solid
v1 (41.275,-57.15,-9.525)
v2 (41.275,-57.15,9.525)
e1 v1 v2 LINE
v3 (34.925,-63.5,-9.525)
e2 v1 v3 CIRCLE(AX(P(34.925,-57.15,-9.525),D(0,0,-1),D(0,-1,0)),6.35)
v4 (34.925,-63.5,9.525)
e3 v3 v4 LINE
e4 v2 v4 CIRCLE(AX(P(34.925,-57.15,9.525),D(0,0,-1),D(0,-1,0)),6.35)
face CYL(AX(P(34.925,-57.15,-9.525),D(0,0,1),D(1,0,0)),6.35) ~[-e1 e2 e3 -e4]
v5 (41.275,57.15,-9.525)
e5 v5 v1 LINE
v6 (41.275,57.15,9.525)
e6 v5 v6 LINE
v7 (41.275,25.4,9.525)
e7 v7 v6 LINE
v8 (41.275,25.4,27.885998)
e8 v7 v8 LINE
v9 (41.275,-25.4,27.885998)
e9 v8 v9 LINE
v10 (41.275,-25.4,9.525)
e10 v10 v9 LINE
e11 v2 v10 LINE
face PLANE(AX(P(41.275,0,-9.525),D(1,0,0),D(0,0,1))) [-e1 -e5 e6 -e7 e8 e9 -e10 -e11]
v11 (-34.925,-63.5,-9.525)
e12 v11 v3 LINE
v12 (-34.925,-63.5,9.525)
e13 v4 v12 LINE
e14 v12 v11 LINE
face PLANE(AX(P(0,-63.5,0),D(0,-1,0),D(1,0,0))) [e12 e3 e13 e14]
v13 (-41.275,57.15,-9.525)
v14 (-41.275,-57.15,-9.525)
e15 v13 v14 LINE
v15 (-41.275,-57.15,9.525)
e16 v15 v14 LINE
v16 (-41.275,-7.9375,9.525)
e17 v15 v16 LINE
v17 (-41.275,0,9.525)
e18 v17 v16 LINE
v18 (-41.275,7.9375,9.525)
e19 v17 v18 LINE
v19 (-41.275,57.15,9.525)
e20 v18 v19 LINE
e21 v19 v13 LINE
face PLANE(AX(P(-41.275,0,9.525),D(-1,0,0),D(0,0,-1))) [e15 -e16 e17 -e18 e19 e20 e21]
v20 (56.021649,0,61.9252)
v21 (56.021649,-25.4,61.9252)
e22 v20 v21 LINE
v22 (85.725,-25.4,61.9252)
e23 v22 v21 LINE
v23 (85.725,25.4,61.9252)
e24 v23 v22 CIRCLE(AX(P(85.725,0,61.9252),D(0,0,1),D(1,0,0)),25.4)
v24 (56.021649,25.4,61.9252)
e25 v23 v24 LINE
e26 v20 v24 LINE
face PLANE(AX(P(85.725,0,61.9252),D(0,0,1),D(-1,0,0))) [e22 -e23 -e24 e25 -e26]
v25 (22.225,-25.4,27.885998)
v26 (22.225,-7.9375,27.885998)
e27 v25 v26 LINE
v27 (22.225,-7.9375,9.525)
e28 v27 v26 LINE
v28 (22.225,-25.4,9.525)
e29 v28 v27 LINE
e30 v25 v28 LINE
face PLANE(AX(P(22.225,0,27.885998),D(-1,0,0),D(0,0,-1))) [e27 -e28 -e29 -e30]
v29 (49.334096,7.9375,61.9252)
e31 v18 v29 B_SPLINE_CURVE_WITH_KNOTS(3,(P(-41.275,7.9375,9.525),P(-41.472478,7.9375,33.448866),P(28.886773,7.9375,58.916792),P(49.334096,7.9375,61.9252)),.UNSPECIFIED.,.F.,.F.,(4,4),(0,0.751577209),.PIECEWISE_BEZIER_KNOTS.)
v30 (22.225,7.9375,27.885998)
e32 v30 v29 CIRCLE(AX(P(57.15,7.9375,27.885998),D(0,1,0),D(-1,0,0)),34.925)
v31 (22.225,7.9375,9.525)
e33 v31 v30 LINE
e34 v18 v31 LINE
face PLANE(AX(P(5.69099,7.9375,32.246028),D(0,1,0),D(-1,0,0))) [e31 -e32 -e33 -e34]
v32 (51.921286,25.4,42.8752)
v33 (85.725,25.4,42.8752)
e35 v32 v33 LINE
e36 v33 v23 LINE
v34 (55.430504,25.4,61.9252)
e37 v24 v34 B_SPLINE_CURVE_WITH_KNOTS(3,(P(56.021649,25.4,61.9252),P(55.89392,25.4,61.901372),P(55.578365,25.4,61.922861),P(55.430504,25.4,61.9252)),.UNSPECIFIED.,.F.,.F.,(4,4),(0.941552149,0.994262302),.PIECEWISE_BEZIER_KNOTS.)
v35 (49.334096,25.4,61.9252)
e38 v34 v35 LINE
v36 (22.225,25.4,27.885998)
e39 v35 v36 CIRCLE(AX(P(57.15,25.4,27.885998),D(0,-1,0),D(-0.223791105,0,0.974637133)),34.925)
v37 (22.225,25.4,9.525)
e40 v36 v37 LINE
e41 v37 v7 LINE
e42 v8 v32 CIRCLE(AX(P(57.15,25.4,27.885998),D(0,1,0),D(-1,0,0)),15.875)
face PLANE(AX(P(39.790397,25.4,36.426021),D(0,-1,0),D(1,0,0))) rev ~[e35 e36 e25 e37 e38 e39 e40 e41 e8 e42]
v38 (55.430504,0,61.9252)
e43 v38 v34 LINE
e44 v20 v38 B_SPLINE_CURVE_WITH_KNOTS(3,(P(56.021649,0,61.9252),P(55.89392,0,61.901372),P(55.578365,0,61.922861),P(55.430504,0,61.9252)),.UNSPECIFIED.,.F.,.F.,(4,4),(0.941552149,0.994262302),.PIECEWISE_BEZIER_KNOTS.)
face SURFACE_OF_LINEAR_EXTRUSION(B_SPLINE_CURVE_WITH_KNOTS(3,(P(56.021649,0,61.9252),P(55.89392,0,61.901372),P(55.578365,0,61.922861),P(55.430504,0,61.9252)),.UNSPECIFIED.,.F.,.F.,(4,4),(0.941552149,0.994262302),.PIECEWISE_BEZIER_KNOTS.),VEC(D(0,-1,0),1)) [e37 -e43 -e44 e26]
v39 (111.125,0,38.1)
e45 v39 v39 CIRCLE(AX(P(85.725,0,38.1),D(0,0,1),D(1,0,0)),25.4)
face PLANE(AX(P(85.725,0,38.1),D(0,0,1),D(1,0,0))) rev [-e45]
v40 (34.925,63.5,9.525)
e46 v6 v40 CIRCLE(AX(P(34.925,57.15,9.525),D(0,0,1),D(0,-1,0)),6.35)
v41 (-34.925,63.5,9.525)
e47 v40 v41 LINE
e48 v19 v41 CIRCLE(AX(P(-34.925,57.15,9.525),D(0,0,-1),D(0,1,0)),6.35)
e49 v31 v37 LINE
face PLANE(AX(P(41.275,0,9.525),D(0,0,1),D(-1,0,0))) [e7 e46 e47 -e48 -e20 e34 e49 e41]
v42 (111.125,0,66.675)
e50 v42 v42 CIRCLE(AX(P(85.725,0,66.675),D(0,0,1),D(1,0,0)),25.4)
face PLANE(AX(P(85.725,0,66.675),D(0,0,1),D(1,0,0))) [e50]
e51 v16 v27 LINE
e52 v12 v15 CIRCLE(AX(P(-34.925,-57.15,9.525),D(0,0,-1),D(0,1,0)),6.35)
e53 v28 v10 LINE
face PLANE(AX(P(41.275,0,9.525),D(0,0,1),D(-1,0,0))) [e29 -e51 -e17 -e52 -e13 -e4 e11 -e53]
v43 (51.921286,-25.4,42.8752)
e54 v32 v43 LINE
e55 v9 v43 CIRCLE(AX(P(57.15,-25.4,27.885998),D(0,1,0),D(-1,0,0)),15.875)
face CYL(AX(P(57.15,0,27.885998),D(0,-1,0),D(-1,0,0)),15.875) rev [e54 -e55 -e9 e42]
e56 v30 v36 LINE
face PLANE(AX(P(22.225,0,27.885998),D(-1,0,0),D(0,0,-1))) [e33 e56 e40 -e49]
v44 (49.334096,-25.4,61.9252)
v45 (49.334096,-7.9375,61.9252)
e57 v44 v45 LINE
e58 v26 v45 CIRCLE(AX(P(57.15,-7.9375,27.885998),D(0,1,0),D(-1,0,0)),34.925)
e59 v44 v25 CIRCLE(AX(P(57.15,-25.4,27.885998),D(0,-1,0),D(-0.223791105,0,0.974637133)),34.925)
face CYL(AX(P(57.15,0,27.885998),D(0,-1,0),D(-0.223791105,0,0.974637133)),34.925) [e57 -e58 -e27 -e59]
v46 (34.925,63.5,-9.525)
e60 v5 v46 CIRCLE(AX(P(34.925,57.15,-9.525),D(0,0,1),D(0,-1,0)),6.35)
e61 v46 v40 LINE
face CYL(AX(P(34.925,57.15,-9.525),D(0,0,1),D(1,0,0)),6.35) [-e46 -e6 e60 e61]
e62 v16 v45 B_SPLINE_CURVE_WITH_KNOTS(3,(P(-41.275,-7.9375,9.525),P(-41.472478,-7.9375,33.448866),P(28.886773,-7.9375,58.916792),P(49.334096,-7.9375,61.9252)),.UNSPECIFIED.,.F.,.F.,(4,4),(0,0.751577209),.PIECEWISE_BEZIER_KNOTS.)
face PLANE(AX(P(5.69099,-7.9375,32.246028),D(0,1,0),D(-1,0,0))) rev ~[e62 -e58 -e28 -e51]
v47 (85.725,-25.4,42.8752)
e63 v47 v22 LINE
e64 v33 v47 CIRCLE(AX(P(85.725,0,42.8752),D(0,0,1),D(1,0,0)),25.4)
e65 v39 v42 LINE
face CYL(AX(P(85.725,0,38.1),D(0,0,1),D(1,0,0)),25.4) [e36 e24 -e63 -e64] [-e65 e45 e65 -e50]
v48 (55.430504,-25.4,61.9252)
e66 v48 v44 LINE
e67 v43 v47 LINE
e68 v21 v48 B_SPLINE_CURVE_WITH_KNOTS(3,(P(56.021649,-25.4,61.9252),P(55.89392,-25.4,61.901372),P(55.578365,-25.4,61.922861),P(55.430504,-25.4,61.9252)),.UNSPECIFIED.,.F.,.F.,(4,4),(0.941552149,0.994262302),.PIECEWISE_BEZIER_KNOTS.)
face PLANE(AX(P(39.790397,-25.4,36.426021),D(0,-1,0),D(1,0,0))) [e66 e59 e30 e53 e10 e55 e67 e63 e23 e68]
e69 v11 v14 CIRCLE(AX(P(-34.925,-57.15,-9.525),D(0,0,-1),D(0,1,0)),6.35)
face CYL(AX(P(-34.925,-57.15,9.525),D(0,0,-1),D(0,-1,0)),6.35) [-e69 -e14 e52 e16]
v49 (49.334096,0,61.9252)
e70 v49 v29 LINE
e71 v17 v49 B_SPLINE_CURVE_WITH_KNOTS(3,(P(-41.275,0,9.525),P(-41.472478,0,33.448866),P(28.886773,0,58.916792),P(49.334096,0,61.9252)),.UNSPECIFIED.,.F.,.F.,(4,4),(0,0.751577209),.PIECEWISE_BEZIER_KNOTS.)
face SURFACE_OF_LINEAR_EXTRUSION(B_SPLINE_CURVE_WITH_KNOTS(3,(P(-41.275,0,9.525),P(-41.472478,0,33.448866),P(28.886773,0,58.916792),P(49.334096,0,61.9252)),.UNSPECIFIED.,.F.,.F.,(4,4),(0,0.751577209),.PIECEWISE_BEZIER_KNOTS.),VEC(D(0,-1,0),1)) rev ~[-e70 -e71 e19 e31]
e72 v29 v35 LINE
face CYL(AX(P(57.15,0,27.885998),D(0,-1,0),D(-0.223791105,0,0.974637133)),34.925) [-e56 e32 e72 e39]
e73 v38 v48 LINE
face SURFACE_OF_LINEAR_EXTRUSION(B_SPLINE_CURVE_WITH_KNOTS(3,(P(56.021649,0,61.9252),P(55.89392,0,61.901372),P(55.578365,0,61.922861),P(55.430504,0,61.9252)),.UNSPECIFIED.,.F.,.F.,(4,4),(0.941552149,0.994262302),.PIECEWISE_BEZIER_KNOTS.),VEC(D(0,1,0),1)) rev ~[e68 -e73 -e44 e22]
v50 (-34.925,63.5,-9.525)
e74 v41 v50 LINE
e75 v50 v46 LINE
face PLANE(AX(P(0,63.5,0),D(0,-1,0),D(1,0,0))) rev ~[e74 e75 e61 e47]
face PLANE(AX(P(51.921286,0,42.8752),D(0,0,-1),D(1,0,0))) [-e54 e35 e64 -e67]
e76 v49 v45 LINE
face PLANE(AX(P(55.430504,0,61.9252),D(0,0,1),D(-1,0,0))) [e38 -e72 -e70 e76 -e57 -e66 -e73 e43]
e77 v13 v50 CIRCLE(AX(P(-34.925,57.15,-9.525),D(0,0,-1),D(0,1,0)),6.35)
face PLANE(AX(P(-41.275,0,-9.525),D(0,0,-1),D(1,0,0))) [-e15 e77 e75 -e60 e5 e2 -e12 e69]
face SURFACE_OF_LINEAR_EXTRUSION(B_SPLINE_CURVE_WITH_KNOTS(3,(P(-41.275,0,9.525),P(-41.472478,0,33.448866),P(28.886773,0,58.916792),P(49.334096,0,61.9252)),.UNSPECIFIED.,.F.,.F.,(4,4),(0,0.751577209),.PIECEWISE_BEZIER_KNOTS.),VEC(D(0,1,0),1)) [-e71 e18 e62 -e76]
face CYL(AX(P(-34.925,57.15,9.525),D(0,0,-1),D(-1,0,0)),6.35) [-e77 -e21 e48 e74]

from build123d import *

# Parameters (mm, degrees)
F1_DEPTH = 63.5
F0_W     = 25.4
F0_H     = 19.05
F2_DEPTH = 25.4
F3_DEPTH = 7.9375
F5_R     = 6.35


with BuildPart() as f1:
    # F0 (on Front) → F1 (new body, symmetric)
    with BuildSketch(Plane.XZ):
        Polygon((-41.275, 9.525), (-41.275, -9.525), (41.275, -9.525), (41.275, 9.525), (22.225, 9.525), align=None)
    extrude(amount=F1_DEPTH, both=True)

    # F0 (on Front) → F2 (join, symmetric)
    with BuildSketch(Plane.XZ):
        with BuildLine():
            Line((22.225, 9.525), (41.275, 9.525))
            Line((41.275, 9.525), (41.275, 27.8859981267))
            ThreePointArc((41.275, 27.8859981267), (44.2074063081, 37.078652451), (51.9212857985, 42.8752))
            Line((51.9212857985, 42.8752), (60.325, 42.8752))
            Line((60.325, 42.8752), (60.325, 61.9252))
            Line((60.325, 61.9252), (56.0216490022, 61.9252))
            add(Edge.make_bspline(
                [(56.0216490022, 61.9252), (55.893919841, 61.9013716142), (55.5783651285, 61.9228608195), (55.4305035678, 61.9252)],
                knots=[0.9415521493, 0.9415521493, 0.9415521493, 0.9415521493, 0.9942623024, 0.9942623024, 0.9942623024, 0.9942623024], degree=3))
            Line((55.4305035678, 61.9252), (55.3886373275, 61.9252))
            Line((55.3886373275, 61.9252), (49.3340956488, 61.9252))
            ThreePointArc((49.3340956488, 61.9252), (29.8303542806, 49.6435849131), (22.225, 27.8859981267))
            Line((22.225, 27.8859981267), (22.225, 9.525))
        make_face()
        with Locations((73.025, 52.4002)):
            Rectangle(F0_W, F0_H)
    extrude(amount=F2_DEPTH, both=True)

    # F0 (on Front) → F3 (join, symmetric)
    with BuildSketch(Plane.XZ):
        with BuildLine():
            add(Edge.make_bspline(
                [(-41.275, 9.525), (-41.4724777652, 33.4488657069), (28.8867726716, 58.916791613), (49.3340956488, 61.9252)],
                knots=[0, 0, 0, 0, 0.7515772095, 0.7515772095, 0.7515772095, 0.7515772095], degree=3))
            Line((-41.275, 9.525), (22.225, 9.525))
            Line((22.225, 9.525), (22.225, 27.8859981267))
            ThreePointArc((22.225, 27.8859981267), (29.8303542806, 49.6435849131), (49.3340956488, 61.9252))
        make_face()
    extrude(amount=F3_DEPTH, both=True)

    # F0 (on Front) → F4 (revolve)
    with BuildSketch(Plane.XZ):
        Polygon((85.725, 66.675), (85.725, 61.9252), (85.725, 42.8752), (85.725, 38.1), (111.125, 38.1), (111.125, 66.675), align=None)
    revolve(axis=Axis((85.725, 0, 50.0126), (0, 0, 1)))

    # F5
    f5_edges = [f1.edges().sort_by_distance(p)[0] for p in [
        (-41.275, -63.5, 0),
        (41.275, -63.5, 0),
        (41.275, 63.5, 0),
        (-41.275, 63.5, 0),
    ]]
    fillet(f5_edges, radius=F5_R)


solid = f1.part
